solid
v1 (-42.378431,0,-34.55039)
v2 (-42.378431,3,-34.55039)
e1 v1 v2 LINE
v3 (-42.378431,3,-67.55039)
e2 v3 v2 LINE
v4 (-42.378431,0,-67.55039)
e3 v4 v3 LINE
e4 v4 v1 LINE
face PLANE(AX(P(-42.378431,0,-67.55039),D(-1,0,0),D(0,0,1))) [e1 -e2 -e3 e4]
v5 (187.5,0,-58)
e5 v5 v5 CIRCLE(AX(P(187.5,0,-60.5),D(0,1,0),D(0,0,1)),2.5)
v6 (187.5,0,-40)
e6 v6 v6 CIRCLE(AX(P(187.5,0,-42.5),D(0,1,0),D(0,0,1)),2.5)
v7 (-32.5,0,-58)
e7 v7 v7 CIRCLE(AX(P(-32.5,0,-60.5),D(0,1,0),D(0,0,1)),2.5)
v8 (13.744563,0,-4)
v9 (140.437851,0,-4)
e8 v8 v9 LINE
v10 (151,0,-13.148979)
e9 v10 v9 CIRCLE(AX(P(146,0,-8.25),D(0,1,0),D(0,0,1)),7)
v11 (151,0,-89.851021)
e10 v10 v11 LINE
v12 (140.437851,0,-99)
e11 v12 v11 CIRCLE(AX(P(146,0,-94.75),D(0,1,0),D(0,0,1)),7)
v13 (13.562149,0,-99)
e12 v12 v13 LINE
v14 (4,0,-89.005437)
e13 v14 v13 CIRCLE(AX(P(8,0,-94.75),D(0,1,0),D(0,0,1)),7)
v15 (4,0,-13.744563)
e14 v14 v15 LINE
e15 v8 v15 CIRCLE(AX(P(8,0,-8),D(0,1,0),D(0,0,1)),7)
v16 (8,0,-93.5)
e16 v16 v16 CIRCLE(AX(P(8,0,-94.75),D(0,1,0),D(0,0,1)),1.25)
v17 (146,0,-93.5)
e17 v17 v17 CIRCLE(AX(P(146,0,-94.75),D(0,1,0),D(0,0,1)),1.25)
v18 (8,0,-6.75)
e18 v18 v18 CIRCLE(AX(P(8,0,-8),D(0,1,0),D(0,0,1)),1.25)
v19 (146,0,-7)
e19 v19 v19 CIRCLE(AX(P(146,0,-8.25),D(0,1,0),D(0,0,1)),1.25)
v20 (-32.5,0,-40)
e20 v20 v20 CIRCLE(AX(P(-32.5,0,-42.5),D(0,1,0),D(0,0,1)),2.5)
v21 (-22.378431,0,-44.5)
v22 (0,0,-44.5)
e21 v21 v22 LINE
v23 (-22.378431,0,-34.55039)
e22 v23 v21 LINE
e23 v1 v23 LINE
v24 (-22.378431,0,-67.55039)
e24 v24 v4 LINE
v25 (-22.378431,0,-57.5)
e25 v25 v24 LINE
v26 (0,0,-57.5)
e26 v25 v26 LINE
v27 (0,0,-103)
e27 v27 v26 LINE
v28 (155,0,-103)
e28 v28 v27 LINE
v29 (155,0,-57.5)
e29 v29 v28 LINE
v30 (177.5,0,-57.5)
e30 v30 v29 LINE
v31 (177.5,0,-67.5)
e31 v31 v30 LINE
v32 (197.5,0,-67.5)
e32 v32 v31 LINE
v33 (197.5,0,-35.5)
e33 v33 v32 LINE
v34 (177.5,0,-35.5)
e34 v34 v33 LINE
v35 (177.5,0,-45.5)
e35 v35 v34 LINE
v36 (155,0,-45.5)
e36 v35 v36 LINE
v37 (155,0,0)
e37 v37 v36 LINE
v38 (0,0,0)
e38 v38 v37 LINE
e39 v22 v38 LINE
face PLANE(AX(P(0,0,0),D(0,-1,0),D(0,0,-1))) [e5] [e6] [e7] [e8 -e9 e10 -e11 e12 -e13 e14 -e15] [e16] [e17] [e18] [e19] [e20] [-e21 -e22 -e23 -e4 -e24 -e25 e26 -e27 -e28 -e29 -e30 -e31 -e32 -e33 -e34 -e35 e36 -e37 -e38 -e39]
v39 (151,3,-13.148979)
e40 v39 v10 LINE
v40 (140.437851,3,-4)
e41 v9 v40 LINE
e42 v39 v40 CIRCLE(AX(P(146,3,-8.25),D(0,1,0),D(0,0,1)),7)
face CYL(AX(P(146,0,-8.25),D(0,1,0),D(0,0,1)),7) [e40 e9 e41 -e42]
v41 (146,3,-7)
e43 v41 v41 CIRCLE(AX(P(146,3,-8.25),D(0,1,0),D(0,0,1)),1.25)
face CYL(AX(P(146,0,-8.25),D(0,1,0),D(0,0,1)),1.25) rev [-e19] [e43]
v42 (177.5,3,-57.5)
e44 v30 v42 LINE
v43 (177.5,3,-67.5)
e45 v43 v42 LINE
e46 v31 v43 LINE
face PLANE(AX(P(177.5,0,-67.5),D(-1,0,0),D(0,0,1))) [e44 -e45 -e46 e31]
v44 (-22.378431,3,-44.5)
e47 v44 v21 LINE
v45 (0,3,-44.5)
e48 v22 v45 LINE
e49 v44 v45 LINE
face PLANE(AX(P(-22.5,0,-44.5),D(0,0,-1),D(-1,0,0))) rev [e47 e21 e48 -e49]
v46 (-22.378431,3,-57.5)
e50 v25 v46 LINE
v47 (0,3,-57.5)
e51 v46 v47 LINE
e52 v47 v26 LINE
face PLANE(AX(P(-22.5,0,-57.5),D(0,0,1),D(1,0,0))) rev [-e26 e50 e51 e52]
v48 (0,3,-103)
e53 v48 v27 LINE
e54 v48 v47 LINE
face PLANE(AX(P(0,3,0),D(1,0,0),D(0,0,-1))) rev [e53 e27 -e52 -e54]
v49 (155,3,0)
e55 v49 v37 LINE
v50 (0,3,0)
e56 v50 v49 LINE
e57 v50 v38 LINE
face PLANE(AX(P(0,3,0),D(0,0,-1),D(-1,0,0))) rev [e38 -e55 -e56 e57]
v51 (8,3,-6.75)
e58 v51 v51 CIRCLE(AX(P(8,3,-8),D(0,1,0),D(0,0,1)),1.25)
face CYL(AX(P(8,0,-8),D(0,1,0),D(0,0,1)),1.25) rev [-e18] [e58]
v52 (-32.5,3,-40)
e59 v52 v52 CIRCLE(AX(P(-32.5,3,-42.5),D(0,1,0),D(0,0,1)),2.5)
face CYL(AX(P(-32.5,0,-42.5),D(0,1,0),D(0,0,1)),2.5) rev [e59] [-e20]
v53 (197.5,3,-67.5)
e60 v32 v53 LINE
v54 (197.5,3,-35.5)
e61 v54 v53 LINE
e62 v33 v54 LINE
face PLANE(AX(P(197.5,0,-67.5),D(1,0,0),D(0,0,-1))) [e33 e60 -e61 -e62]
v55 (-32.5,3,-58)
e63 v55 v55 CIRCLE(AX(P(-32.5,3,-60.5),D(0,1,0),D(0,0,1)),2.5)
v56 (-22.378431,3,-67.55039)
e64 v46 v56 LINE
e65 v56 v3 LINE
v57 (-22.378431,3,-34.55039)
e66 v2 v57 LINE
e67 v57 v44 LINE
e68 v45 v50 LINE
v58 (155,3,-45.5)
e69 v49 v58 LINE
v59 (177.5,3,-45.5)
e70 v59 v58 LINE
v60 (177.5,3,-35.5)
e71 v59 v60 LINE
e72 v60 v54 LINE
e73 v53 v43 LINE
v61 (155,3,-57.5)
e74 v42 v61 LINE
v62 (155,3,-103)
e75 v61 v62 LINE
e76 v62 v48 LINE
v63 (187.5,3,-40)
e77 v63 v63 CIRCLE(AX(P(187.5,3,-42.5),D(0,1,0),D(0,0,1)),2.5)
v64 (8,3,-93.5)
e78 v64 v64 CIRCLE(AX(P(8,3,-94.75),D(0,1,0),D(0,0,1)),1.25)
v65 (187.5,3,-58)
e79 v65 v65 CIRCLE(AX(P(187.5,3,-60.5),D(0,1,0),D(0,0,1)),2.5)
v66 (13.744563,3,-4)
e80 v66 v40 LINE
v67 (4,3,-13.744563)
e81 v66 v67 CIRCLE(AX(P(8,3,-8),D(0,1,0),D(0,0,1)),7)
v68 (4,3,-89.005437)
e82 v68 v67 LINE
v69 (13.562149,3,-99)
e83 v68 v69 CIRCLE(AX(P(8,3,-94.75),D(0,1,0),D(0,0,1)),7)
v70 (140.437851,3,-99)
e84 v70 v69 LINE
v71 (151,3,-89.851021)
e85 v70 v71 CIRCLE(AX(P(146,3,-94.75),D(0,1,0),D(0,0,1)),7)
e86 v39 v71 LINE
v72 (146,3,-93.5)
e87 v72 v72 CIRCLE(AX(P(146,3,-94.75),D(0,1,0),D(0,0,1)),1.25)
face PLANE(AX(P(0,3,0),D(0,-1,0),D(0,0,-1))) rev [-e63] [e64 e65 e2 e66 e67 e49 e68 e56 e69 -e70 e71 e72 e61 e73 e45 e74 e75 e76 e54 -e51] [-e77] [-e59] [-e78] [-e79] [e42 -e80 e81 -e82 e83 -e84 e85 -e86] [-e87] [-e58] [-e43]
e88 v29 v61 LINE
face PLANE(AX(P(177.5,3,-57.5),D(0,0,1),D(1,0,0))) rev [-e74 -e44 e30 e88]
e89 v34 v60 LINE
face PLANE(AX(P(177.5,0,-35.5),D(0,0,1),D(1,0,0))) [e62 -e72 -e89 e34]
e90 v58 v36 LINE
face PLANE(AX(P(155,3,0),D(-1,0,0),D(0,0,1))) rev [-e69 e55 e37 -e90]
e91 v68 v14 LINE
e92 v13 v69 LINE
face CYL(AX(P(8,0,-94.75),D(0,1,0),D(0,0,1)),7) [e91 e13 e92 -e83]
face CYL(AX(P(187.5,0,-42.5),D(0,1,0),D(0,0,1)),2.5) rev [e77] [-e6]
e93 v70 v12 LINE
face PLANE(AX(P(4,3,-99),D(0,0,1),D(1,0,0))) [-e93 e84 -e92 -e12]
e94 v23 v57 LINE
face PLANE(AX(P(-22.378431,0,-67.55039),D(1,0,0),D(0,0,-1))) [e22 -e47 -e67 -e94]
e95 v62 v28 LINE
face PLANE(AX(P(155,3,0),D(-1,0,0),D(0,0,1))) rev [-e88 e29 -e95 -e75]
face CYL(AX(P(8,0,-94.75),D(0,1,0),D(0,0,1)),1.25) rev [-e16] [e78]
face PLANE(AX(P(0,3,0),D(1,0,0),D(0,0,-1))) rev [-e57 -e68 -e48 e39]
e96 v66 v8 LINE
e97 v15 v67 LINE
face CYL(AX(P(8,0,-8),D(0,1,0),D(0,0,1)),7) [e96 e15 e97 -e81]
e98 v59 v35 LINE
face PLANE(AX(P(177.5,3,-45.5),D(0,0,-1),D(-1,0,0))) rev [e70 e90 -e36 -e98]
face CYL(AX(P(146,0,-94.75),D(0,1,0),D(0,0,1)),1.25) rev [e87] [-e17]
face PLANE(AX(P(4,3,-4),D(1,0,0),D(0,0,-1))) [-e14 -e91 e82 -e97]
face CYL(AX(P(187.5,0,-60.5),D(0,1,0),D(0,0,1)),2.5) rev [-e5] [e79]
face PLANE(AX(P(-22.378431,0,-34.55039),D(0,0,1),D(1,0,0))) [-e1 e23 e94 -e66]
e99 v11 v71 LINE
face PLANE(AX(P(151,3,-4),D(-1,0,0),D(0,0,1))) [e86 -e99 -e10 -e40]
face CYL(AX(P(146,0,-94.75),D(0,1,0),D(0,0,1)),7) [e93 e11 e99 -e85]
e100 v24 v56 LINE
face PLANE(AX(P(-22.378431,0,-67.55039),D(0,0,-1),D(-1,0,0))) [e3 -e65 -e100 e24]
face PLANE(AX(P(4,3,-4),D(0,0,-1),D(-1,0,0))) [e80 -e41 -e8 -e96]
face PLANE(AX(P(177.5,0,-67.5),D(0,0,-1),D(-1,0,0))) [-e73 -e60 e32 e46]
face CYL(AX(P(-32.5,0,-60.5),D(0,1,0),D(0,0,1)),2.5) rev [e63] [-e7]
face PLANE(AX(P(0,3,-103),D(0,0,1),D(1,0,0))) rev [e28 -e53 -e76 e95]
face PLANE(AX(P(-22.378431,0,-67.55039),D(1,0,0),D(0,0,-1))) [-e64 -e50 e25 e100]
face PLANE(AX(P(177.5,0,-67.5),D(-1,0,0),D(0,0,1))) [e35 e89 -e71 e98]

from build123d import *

# Parameters (mm, degrees)
SKETCH1_W            = 155
SKETCH1_H            = 103
SKETCH1_W_2          = 147
SKETCH1_H_2          = 95
BOSS_EXTRUDE2_DEPTH  = 3
SKETCH3_W            = 13
SKETCH3_H            = 3
BOSS_EXTRUDE5_DEPTH  = 22.5
SKETCH4_W            = 12
SKETCH4_H            = 3
BOSS_EXTRUDE6_DEPTH  = 22.5
SKETCH5_W            = 20
SKETCH5_H            = 32
SKETCH5_R            = 2.5
BOSS_EXTRUDE7_DEPTH  = 3
SKETCH6_W            = 20
SKETCH6_H            = 33
SKETCH6_R            = 2.5
BOSS_EXTRUDE8_DEPTH  = 3
SKETCH2_3_R          = 7
SKETCH2_3_R_2        = 1.25
BOSS_EXTRUDE11_DEPTH = 3
SKETCH2_R            = 7
SKETCH2_R_2          = 1.25
BOSS_EXTRUDE10_DEPTH = 3


with BuildPart() as part:
    # Sketch1 → Boss-Extrude2 (new body)
    with BuildSketch(Plane(origin=(0, 0, 0), x_dir=(1, 0, 0), z_dir=(0, 1, 0))):
        with Locations((77.5, 51.5)):
            Rectangle(SKETCH1_W, SKETCH1_H)
        with Locations((77.5, 51.5)):
            Rectangle(SKETCH1_W_2, SKETCH1_H_2, mode=Mode.SUBTRACT)
    extrude(amount=BOSS_EXTRUDE2_DEPTH)

    # Sketch3 → Boss-Extrude5 (add)
    with BuildSketch(Plane.ZY):
        with Locations((-51, 1.5)):
            Rectangle(SKETCH3_W, SKETCH3_H)
    extrude(amount=BOSS_EXTRUDE5_DEPTH)

    # Sketch4 → Boss-Extrude6 (add)
    with BuildSketch(Plane(origin=(155, 0, 0), x_dir=(0, 0, -1), z_dir=(1, 0, 0))):
        with Locations((51.5, 1.5)):
            Rectangle(SKETCH4_W, SKETCH4_H)
    extrude(amount=BOSS_EXTRUDE6_DEPTH)

    # Sketch5 → Boss-Extrude7 (add)
    with BuildSketch(Plane(origin=(0, 3, 0), x_dir=(1, 0, 0), z_dir=(0, 1, 0))):
        with Locations((187.5, 51.5)):
            Rectangle(SKETCH5_W, SKETCH5_H)
        with Locations((187.5, 60.5)):
            Circle(SKETCH5_R, mode=Mode.SUBTRACT)
        with Locations((187.5, 42.5)):
            Circle(SKETCH5_R, mode=Mode.SUBTRACT)
    extrude(amount=-BOSS_EXTRUDE7_DEPTH)

    # Sketch6 → Boss-Extrude8 (add)
    with BuildSketch(Plane(origin=(0, 3, 0), x_dir=(1, 0, 0), z_dir=(0, 1, 0))):
        with Locations((-32.378431073, 51.050390221)):
            Rectangle(SKETCH6_W, SKETCH6_H)
        with Locations((-32.5, 60.5)):
            Circle(SKETCH6_R, mode=Mode.SUBTRACT)
        with Locations((-32.5, 42.5)):
            Circle(SKETCH6_R, mode=Mode.SUBTRACT)
    extrude(amount=-BOSS_EXTRUDE8_DEPTH)

    # Sketch2<3> → Boss-Extrude11 (add)
    # profile 1 of 4: a face of its own
    with BuildSketch(Plane(origin=(0, 3, 0), x_dir=(1, 0, 0), z_dir=(0, 1, 0))):
        with Locations((8, 8)):
            Circle(SKETCH2_3_R)
        with Locations((8, 8)):
            Circle(SKETCH2_3_R_2, mode=Mode.SUBTRACT)
    # profile 2 of 4: a face of its own
    with BuildSketch(Plane(origin=(0, 3, 0), x_dir=(1, 0, 0), z_dir=(0, 1, 0))):
        with Locations((146, 8.25)):
            Circle(SKETCH2_3_R)
        with Locations((146, 8.25)):
            Circle(SKETCH2_3_R_2, mode=Mode.SUBTRACT)
    # profile 3 of 4: a face of its own
    with BuildSketch(Plane(origin=(0, 3, 0), x_dir=(1, 0, 0), z_dir=(0, 1, 0))):
        with Locations((8, 94.75)):
            Circle(SKETCH2_3_R)
        with Locations((8, 94.75)):
            Circle(SKETCH2_3_R_2, mode=Mode.SUBTRACT)
    # profile 4 of 4: a face of its own
    with BuildSketch(Plane(origin=(0, 3, 0), x_dir=(1, 0, 0), z_dir=(0, 1, 0))):
        with Locations((146, 94.75)):
            Circle(SKETCH2_3_R)
        with Locations((146, 94.75)):
            Circle(SKETCH2_3_R_2, mode=Mode.SUBTRACT)
    extrude(amount=-BOSS_EXTRUDE11_DEPTH)

    # Sketch2 → Boss-Extrude10 (add)
    # profile 1 of 4: a face of its own
    with BuildSketch(Plane(origin=(0, 3, 0), x_dir=(1, 0, 0), z_dir=(0, 1, 0))):
        with Locations((8, 8)):
            Circle(SKETCH2_R)
        with Locations((8, 8)):
            Circle(SKETCH2_R_2, mode=Mode.SUBTRACT)
    # profile 2 of 4: a face of its own
    with BuildSketch(Plane(origin=(0, 3, 0), x_dir=(1, 0, 0), z_dir=(0, 1, 0))):
        with Locations((146, 8.25)):
            Circle(SKETCH2_R)
        with Locations((146, 8.25)):
            Circle(SKETCH2_R_2, mode=Mode.SUBTRACT)
    # profile 3 of 4: a face of its own
    with BuildSketch(Plane(origin=(0, 3, 0), x_dir=(1, 0, 0), z_dir=(0, 1, 0))):
        with Locations((8, 94.75)):
            Circle(SKETCH2_R)
        with Locations((8, 94.75)):
            Circle(SKETCH2_R_2, mode=Mode.SUBTRACT)
    # profile 4 of 4: a face of its own
    with BuildSketch(Plane(origin=(0, 3, 0), x_dir=(1, 0, 0), z_dir=(0, 1, 0))):
        with Locations((146, 94.75)):
            Circle(SKETCH2_R)
        with Locations((146, 94.75)):
            Circle(SKETCH2_R_2, mode=Mode.SUBTRACT)
    extrude(amount=-BOSS_EXTRUDE10_DEPTH)


solid = part.part
